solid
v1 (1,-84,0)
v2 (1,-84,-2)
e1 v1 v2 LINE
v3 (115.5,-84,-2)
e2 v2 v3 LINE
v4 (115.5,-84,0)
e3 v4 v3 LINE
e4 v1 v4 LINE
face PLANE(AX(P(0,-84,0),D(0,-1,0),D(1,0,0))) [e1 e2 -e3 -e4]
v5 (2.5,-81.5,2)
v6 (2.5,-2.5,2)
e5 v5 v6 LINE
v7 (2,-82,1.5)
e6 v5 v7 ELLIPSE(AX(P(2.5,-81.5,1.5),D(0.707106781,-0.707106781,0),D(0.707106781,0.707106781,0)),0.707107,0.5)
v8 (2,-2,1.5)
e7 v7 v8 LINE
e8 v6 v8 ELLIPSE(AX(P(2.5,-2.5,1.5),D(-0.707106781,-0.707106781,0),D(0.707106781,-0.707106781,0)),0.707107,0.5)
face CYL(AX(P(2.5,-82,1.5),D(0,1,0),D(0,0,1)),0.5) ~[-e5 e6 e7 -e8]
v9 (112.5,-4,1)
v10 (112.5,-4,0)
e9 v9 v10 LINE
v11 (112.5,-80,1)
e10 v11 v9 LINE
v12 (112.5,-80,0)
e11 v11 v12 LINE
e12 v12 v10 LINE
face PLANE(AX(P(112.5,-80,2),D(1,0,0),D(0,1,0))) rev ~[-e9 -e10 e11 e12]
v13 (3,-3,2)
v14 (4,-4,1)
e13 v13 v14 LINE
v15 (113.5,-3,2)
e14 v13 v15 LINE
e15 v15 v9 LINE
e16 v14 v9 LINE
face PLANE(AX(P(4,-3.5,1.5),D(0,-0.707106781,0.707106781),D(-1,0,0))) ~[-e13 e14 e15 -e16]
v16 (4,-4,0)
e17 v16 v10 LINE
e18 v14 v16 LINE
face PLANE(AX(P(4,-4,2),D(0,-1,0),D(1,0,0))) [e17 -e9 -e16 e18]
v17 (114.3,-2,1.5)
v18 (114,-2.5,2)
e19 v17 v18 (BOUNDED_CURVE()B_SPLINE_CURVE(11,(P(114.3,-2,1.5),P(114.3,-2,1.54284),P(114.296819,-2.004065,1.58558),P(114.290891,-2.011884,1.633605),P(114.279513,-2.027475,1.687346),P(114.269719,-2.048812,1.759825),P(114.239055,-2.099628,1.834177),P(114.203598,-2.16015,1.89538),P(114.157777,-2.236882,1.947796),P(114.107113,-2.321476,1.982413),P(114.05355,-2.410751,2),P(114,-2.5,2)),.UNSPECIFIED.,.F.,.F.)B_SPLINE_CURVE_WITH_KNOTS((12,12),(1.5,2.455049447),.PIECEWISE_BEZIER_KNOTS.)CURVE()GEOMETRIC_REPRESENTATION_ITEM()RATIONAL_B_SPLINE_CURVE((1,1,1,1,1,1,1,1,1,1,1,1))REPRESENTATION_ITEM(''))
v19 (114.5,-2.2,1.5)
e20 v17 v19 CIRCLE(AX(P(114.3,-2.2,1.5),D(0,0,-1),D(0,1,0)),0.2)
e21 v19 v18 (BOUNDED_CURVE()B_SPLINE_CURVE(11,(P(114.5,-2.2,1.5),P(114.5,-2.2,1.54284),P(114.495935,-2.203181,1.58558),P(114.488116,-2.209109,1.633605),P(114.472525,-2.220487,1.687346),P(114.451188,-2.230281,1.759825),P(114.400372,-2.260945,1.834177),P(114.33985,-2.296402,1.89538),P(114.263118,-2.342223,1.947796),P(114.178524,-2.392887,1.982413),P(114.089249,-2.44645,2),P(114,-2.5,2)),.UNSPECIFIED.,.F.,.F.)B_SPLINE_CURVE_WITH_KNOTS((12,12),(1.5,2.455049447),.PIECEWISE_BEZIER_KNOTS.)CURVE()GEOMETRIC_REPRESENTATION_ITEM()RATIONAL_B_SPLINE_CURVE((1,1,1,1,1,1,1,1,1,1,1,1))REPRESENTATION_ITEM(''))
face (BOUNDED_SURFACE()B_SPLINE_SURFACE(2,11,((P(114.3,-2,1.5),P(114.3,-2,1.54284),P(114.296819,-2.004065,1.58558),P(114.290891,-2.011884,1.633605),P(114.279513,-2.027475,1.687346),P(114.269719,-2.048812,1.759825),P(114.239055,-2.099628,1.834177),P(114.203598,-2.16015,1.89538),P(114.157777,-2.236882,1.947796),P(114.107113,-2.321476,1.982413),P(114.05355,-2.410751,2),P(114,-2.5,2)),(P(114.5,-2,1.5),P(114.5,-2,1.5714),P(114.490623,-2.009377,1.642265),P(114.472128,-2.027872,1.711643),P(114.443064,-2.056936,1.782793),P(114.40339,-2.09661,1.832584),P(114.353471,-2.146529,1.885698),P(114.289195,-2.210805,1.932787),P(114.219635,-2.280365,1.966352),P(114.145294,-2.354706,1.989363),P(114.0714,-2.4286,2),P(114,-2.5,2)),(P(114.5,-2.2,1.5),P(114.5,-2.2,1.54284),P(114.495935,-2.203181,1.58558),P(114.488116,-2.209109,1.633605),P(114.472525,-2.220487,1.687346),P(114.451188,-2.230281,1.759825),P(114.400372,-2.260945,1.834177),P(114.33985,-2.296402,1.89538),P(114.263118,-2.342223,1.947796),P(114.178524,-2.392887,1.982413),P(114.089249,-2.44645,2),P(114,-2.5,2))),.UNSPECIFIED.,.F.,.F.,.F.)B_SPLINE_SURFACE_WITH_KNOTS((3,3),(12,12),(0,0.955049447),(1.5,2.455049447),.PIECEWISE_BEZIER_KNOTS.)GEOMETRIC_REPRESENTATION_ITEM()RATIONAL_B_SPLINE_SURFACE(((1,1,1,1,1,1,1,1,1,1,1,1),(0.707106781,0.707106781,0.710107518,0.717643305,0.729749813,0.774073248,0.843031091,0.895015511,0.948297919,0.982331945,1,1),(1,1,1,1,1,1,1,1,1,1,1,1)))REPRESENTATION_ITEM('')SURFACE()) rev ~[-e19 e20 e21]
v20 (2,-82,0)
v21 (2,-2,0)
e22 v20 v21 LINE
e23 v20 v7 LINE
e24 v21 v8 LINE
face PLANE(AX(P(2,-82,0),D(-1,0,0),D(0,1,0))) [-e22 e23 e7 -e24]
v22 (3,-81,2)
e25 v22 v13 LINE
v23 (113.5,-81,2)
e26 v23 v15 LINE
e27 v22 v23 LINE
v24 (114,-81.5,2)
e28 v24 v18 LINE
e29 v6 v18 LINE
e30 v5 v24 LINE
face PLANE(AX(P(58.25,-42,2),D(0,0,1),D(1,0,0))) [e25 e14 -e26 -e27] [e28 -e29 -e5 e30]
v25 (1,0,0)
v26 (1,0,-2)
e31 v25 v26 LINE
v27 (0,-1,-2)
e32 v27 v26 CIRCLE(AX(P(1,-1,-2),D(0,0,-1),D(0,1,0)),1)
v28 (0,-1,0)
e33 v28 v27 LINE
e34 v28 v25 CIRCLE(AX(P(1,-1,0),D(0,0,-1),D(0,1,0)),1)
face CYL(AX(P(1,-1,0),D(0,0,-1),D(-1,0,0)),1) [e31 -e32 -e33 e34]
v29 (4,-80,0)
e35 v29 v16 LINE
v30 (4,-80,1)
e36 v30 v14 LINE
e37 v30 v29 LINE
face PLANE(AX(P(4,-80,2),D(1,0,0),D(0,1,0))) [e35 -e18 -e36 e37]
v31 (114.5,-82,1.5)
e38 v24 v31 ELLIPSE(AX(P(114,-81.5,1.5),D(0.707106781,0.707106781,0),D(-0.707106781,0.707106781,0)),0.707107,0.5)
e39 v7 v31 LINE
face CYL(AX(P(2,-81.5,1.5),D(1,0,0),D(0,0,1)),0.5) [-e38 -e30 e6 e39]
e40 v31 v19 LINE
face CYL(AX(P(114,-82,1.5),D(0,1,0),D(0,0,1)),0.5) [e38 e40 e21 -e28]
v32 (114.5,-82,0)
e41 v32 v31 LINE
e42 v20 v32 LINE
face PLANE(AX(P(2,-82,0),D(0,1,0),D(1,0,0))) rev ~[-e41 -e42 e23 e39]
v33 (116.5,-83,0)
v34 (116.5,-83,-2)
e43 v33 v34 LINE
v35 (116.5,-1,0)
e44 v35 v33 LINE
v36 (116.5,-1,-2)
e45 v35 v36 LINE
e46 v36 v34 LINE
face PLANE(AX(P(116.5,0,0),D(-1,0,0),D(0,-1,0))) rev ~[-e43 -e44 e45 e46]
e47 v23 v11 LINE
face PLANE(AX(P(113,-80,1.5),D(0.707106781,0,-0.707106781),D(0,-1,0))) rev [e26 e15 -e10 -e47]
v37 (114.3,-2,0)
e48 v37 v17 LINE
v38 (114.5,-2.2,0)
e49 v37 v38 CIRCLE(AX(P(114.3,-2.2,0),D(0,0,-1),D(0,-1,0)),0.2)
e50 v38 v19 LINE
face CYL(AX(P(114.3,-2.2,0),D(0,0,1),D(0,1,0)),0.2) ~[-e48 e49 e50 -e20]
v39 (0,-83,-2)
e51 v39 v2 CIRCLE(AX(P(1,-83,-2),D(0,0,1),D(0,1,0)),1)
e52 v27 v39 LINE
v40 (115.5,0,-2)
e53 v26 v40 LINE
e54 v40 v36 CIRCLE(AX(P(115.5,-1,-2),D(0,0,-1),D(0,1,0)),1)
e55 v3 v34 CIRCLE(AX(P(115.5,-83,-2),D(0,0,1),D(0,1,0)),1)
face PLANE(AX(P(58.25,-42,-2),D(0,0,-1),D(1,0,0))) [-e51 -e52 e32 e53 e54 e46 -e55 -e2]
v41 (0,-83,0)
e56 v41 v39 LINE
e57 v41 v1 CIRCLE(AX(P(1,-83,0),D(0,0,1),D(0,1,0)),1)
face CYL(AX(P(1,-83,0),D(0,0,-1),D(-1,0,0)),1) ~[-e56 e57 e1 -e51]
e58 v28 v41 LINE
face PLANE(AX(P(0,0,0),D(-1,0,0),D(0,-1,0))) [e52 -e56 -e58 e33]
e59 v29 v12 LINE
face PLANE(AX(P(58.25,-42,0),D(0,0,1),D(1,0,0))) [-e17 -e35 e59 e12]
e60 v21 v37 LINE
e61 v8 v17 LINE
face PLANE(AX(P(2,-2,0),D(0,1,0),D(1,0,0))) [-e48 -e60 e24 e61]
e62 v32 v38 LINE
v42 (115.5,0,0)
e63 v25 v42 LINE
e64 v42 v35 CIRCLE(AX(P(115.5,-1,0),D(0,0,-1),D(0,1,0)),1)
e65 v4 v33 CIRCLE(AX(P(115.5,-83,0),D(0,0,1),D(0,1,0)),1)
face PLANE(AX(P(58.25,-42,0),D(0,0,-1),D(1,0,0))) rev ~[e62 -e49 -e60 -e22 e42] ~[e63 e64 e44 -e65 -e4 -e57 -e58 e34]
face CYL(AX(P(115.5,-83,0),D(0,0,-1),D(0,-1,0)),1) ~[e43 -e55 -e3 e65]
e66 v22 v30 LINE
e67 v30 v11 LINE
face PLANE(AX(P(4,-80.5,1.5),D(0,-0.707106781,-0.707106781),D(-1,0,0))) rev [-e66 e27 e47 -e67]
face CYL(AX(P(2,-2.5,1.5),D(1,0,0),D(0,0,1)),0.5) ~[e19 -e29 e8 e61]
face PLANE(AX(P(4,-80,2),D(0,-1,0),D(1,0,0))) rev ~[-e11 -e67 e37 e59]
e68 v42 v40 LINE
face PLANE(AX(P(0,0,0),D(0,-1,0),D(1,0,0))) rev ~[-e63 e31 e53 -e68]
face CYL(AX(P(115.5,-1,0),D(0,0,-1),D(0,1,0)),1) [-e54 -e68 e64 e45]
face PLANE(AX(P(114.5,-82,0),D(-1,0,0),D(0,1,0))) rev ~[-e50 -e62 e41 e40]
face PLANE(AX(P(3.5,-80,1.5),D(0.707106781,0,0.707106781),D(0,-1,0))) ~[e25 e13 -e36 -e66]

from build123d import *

# Parameters (mm, degrees)
SKETCH007_W     = 116.5
SKETCH007_H     = 84
PAD002_DEPTH    = 2
SKETCH008_W     = 112.5
SKETCH008_H     = 80
PAD003_DEPTH    = 2
SKETCH009_W     = 108.5
SKETCH009_H     = 76
POCKET004_DEPTH = 2
CHAMFER004_SIZE = 1
FILLET002_R     = 0.5
FILLET003_R     = 1
FILLET004_R     = 1
FILLET005_R     = 1
FILLET006_R     = 1
FILLET007_R     = 0.2


with BuildPart() as part:
    # Sketch007 → Pad002 (new body)
    with BuildSketch(Plane(origin=(0, 0, 0), x_dir=(1, 0, 0), z_dir=(0, 0, -1))):
        with Locations((58.25, 42)):
            Rectangle(SKETCH007_W, SKETCH007_H)
    extrude(amount=PAD002_DEPTH)

    # Sketch008 (on Face5 of Pad002) → Pad003 (new body)
    with BuildSketch(Plane.XY):
        with Locations((58.25, -42)):
            Rectangle(SKETCH008_W, SKETCH008_H)
    extrude(amount=PAD003_DEPTH)

    # Sketch009 (on Face11 of Pad003) → Pocket004 (cut)
    with BuildSketch(Plane.XY.offset(2)):
        with Locations((58.25, -42)):
            Rectangle(SKETCH009_W, SKETCH009_H)
    extrude(amount=-POCKET004_DEPTH, mode=Mode.SUBTRACT)

    # Chamfer004
    chamfer004_edges = [part.edges().sort_by_distance(p)[0] for p in [
        (112.5, -42, 2),
        (58.25, -4, 2),
        (4, -42, 2),
        (58.25, -80, 2),
    ]]
    chamfer(chamfer004_edges, length=CHAMFER004_SIZE)

    # Fillet002
    fillet002_edges = [part.edges().sort_by_distance(p)[0] for p in [
        (58.25, -2, 2),
        (2, -42, 2),
        (114.5, -42, 2),
        (58.25, -82, 2),
    ]]
    fillet(fillet002_edges, radius=FILLET002_R)

    # Fillet003
    fillet003_edges = [part.edges().sort_by_distance(p)[0] for p in [
        (0, 0, -1),
    ]]
    fillet(fillet003_edges, radius=FILLET003_R)

    # Fillet004
    fillet004_edges = [part.edges().sort_by_distance(p)[0] for p in [
        (116.5, 0, -1),
    ]]
    fillet(fillet004_edges, radius=FILLET004_R)

    # Fillet005
    fillet005_edges = [part.edges().sort_by_distance(p)[0] for p in [
        (0, -84, -1),
    ]]
    fillet(fillet005_edges, radius=FILLET005_R)

    # Fillet006
    fillet006_edges = [part.edges().sort_by_distance(p)[0] for p in [
        (116.5, -84, -1),
    ]]
    fillet(fillet006_edges, radius=FILLET006_R)

    # Fillet007
    fillet007_edges = [part.edges().sort_by_distance(p)[0] for p in [
        (114.5, -2, 0.75),
    ]]
    fillet(fillet007_edges, radius=FILLET007_R)


solid = part.part
